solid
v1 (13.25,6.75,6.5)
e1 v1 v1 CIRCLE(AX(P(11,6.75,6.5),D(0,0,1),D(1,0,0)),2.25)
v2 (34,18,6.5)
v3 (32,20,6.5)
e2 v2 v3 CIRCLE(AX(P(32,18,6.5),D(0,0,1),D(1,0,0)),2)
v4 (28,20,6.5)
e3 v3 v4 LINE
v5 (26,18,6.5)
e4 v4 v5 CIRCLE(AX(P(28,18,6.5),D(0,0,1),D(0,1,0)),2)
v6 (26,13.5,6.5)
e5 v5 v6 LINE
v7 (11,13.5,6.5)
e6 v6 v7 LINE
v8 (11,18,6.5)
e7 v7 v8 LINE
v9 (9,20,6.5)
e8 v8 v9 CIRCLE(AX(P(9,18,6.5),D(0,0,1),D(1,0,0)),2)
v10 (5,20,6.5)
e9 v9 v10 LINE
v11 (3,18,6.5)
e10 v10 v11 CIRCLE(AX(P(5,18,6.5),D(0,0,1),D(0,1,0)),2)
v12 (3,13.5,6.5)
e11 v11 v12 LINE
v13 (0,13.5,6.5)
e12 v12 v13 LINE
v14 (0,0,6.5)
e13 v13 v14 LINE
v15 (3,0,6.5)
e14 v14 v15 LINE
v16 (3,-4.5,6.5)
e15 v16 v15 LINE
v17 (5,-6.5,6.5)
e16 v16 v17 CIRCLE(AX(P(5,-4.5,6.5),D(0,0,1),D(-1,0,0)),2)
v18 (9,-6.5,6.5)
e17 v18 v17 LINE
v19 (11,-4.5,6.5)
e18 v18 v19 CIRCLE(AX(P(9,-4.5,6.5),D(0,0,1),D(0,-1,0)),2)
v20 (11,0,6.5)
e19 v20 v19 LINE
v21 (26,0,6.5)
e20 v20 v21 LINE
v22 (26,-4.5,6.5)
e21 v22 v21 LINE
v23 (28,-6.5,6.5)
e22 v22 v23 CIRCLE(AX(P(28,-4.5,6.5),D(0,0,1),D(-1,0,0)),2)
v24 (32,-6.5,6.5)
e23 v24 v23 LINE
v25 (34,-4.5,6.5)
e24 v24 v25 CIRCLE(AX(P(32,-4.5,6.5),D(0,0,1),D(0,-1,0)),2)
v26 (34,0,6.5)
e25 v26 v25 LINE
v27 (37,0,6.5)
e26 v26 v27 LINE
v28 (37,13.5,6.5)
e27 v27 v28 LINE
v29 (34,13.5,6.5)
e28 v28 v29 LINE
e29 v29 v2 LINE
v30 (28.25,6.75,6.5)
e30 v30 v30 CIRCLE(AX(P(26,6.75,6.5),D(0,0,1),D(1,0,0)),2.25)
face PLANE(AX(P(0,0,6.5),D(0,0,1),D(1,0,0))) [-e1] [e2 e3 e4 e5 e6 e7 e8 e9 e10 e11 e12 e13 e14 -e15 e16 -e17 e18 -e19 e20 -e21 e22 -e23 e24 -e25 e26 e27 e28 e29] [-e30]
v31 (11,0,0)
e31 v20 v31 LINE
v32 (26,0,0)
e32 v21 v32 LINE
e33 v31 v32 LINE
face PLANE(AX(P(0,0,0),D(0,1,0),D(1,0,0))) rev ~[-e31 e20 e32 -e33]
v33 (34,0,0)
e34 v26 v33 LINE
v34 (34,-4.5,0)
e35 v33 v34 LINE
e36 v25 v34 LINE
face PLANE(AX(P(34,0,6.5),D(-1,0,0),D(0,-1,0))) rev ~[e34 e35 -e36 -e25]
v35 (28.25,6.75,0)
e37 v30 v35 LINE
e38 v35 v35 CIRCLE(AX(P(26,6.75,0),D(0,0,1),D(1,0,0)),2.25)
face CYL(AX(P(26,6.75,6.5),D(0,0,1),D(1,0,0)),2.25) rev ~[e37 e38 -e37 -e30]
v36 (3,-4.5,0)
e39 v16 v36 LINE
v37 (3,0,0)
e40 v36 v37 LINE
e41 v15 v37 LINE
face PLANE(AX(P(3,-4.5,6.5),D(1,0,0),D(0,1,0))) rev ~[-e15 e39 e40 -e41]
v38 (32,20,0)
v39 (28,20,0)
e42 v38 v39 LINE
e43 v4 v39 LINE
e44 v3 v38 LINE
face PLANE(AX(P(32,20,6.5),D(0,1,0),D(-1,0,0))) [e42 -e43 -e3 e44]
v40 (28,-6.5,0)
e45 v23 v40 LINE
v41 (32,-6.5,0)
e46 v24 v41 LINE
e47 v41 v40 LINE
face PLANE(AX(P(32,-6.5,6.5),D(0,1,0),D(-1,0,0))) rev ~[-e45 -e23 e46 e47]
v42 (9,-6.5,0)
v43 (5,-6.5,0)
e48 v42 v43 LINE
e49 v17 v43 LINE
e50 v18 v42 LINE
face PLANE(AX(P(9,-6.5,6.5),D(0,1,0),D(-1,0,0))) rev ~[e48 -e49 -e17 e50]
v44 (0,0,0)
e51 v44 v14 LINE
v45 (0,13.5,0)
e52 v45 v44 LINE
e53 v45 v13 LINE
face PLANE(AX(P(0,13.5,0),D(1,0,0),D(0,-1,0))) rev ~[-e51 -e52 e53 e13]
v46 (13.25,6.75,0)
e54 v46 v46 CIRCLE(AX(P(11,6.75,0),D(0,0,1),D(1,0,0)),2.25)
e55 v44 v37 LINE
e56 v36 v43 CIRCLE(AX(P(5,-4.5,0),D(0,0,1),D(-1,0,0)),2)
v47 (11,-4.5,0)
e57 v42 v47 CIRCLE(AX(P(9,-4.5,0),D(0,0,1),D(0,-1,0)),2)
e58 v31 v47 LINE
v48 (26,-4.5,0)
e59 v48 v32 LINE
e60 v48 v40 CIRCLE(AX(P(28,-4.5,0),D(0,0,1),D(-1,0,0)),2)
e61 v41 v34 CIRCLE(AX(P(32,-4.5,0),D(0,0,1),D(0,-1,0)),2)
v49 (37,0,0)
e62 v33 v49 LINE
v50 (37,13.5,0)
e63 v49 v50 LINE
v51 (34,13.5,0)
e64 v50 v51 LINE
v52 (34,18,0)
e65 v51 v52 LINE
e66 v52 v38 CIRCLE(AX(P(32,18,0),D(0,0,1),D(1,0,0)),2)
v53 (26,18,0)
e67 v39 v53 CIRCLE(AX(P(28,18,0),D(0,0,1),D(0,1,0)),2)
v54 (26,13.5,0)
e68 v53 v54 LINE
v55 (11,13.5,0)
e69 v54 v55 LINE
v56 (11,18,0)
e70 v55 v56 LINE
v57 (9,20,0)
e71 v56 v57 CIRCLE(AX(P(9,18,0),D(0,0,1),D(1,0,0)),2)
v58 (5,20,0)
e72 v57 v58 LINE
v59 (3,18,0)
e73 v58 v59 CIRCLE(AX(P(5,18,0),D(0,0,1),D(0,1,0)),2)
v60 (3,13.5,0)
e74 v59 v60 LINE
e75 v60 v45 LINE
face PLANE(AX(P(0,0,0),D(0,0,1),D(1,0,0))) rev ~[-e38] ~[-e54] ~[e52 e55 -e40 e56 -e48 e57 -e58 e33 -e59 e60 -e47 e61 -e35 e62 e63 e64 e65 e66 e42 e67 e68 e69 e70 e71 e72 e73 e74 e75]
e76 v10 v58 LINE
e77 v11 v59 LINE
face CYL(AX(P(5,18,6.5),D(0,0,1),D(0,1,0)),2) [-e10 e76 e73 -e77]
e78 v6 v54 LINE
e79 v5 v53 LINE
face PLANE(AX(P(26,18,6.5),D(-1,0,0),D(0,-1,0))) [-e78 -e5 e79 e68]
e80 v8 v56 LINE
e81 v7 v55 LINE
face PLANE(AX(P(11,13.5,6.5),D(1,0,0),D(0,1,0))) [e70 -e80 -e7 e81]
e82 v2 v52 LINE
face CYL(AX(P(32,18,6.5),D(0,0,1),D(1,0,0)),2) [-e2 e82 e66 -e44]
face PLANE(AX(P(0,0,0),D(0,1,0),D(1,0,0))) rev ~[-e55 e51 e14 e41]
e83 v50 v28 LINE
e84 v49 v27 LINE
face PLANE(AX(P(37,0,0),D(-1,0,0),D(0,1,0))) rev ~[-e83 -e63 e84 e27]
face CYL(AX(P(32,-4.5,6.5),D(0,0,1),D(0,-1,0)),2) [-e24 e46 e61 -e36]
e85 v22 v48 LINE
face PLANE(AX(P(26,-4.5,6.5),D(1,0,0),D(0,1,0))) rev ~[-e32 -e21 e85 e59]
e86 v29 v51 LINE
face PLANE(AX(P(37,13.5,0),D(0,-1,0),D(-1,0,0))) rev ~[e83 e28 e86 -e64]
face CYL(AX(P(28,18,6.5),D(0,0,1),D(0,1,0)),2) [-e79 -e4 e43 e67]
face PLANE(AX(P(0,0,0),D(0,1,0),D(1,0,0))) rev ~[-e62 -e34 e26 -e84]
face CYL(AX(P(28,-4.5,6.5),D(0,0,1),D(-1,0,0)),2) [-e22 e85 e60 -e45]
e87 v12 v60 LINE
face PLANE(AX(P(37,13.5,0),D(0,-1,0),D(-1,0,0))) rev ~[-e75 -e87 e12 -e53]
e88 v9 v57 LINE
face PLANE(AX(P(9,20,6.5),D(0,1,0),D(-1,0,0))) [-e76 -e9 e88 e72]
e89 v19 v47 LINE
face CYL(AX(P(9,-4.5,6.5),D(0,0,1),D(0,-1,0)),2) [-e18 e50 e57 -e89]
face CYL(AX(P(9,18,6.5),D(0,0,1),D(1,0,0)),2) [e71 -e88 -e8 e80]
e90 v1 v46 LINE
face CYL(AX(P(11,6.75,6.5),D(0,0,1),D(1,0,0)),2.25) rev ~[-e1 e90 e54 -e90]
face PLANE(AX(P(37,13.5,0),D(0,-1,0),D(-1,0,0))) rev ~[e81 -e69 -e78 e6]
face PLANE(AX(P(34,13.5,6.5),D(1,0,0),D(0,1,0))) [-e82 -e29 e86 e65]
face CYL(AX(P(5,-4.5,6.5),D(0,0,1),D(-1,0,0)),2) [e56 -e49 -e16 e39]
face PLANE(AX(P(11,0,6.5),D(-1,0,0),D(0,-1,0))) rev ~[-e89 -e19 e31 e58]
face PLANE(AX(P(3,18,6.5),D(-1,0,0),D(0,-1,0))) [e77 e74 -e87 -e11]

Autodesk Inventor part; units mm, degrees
ref_plane "YZ Plane" through (0, 0, 0) normal (1, 0, 0) x (0, 1, 0)
ref_plane "XZ Plane" through (0, 0, 0) normal (0, 1, 0) x (-1, 0, 0)
ref_plane "XY Plane" through (0, 0, 0) normal (0, 0, 1) x (1, 0, 0)
sketch "Sketch1" plane through (0, 0, 0) normal (0, 0, 1) x (1, 0, 0)
  line L0 (0, 0) -> (37, 0)
  line L1 (37, 0) -> (37, 13.5)
  line L2 (37, 13.5) -> (0, 13.5)
  line L3 (0, 13.5) -> (0, 0)
  dimension "d0" = 13.5
  dimension "d1" = 37
extrude "Extrusion1" add sketch "Sketch1" along normal blind 6.5
sketch "Sketch2" plane through (0, 0, 6.5) normal (0, 0, 1) x (1, 0, 0)
  line L0 (0, 0) -> (37, 0) projected
  line L1 (37, 13.5) -> (0, 13.5) projected
  line L2 (3, 13.5) -> (11, 13.5)
  line L3 (11, 13.5) -> (11, 18)
  line L4 (9, 20) -> (5, 20)
  line L5 (3, 18) -> (3, 13.5)
  line L6 (26, 13.5) -> (34, 13.5)
  line L7 (34, 13.5) -> (34, 18)
  line L8 (32, 20) -> (28, 20)
  line L9 (26, 18) -> (26, 13.5)
  line L10 (3, 0) -> (11, 0)
  line L11 (11, 0) -> (11, -4.5)
  line L12 (9, -6.5) -> (5, -6.5)
  line L13 (3, -4.5) -> (3, 0)
  line L14 (26, 0) -> (34, 0)
  line L15 (34, 0) -> (34, -4.5)
  line L16 (32, -6.5) -> (28, -6.5)
  line L17 (26, -4.5) -> (26, 0)
  arc A0 (5, 20) -> (3, 18) centre (5, 18) ccw
  arc A1 (11, 18) -> (9, 20) centre (9, 18) ccw
  arc A2 (28, 20) -> (26, 18) centre (28, 18) ccw
  arc A3 (34, 18) -> (32, 20) centre (32, 18) ccw
  arc A4 (3, -4.5) -> (5, -6.5) centre (5, -4.5) ccw
  arc A5 (9, -6.5) -> (11, -4.5) centre (9, -4.5) ccw
  arc A6 (26, -4.5) -> (28, -6.5) centre (28, -4.5) ccw
  arc A7 (32, -6.5) -> (34, -4.5) centre (32, -4.5) ccw
  line L18 (11, 15.75) -> (26, 15.75) construction
  point P0 (18.5, 15.75)
  point P1 (18.5, 13.5)
  dimension "d4" = 2
  dimension "d5" = 8
  dimension "d6" = 8
  dimension "d7" = 15
  dimension "d8" = 6.5
  dimension "d9" = 6.5
extrude "Extrusion2" add sketch "Sketch2" against normal blind 6.5
sketch "Sketch3" plane through (0, 0, 6.5) normal (0, 0, 1) x (1, 0, 0)
  line L0 (26, 13.5) -> (11, 13.5) projected
  line L1 (0, 13.5) -> (0, 0) projected
  line L2 (11, 6.75) -> (26, 6.75) construction
  circle A0 centre (11, 6.75) radius 2.25
  circle A1 centre (26, 6.75) radius 2.25
  point P0 (18.5, 6.75)
  point P1 (18.5, 13.5)
  point P2 (0, 6.75)
  dimension "d12" = 4.5
  dimension "d13" = 15
extrude "Extrusion3" cut sketch "Sketch3" against normal through all
equation "\"d9\" = d8"
properties part number "y_carriage_belt_iddler_holder" material "Plywood, Finish"
